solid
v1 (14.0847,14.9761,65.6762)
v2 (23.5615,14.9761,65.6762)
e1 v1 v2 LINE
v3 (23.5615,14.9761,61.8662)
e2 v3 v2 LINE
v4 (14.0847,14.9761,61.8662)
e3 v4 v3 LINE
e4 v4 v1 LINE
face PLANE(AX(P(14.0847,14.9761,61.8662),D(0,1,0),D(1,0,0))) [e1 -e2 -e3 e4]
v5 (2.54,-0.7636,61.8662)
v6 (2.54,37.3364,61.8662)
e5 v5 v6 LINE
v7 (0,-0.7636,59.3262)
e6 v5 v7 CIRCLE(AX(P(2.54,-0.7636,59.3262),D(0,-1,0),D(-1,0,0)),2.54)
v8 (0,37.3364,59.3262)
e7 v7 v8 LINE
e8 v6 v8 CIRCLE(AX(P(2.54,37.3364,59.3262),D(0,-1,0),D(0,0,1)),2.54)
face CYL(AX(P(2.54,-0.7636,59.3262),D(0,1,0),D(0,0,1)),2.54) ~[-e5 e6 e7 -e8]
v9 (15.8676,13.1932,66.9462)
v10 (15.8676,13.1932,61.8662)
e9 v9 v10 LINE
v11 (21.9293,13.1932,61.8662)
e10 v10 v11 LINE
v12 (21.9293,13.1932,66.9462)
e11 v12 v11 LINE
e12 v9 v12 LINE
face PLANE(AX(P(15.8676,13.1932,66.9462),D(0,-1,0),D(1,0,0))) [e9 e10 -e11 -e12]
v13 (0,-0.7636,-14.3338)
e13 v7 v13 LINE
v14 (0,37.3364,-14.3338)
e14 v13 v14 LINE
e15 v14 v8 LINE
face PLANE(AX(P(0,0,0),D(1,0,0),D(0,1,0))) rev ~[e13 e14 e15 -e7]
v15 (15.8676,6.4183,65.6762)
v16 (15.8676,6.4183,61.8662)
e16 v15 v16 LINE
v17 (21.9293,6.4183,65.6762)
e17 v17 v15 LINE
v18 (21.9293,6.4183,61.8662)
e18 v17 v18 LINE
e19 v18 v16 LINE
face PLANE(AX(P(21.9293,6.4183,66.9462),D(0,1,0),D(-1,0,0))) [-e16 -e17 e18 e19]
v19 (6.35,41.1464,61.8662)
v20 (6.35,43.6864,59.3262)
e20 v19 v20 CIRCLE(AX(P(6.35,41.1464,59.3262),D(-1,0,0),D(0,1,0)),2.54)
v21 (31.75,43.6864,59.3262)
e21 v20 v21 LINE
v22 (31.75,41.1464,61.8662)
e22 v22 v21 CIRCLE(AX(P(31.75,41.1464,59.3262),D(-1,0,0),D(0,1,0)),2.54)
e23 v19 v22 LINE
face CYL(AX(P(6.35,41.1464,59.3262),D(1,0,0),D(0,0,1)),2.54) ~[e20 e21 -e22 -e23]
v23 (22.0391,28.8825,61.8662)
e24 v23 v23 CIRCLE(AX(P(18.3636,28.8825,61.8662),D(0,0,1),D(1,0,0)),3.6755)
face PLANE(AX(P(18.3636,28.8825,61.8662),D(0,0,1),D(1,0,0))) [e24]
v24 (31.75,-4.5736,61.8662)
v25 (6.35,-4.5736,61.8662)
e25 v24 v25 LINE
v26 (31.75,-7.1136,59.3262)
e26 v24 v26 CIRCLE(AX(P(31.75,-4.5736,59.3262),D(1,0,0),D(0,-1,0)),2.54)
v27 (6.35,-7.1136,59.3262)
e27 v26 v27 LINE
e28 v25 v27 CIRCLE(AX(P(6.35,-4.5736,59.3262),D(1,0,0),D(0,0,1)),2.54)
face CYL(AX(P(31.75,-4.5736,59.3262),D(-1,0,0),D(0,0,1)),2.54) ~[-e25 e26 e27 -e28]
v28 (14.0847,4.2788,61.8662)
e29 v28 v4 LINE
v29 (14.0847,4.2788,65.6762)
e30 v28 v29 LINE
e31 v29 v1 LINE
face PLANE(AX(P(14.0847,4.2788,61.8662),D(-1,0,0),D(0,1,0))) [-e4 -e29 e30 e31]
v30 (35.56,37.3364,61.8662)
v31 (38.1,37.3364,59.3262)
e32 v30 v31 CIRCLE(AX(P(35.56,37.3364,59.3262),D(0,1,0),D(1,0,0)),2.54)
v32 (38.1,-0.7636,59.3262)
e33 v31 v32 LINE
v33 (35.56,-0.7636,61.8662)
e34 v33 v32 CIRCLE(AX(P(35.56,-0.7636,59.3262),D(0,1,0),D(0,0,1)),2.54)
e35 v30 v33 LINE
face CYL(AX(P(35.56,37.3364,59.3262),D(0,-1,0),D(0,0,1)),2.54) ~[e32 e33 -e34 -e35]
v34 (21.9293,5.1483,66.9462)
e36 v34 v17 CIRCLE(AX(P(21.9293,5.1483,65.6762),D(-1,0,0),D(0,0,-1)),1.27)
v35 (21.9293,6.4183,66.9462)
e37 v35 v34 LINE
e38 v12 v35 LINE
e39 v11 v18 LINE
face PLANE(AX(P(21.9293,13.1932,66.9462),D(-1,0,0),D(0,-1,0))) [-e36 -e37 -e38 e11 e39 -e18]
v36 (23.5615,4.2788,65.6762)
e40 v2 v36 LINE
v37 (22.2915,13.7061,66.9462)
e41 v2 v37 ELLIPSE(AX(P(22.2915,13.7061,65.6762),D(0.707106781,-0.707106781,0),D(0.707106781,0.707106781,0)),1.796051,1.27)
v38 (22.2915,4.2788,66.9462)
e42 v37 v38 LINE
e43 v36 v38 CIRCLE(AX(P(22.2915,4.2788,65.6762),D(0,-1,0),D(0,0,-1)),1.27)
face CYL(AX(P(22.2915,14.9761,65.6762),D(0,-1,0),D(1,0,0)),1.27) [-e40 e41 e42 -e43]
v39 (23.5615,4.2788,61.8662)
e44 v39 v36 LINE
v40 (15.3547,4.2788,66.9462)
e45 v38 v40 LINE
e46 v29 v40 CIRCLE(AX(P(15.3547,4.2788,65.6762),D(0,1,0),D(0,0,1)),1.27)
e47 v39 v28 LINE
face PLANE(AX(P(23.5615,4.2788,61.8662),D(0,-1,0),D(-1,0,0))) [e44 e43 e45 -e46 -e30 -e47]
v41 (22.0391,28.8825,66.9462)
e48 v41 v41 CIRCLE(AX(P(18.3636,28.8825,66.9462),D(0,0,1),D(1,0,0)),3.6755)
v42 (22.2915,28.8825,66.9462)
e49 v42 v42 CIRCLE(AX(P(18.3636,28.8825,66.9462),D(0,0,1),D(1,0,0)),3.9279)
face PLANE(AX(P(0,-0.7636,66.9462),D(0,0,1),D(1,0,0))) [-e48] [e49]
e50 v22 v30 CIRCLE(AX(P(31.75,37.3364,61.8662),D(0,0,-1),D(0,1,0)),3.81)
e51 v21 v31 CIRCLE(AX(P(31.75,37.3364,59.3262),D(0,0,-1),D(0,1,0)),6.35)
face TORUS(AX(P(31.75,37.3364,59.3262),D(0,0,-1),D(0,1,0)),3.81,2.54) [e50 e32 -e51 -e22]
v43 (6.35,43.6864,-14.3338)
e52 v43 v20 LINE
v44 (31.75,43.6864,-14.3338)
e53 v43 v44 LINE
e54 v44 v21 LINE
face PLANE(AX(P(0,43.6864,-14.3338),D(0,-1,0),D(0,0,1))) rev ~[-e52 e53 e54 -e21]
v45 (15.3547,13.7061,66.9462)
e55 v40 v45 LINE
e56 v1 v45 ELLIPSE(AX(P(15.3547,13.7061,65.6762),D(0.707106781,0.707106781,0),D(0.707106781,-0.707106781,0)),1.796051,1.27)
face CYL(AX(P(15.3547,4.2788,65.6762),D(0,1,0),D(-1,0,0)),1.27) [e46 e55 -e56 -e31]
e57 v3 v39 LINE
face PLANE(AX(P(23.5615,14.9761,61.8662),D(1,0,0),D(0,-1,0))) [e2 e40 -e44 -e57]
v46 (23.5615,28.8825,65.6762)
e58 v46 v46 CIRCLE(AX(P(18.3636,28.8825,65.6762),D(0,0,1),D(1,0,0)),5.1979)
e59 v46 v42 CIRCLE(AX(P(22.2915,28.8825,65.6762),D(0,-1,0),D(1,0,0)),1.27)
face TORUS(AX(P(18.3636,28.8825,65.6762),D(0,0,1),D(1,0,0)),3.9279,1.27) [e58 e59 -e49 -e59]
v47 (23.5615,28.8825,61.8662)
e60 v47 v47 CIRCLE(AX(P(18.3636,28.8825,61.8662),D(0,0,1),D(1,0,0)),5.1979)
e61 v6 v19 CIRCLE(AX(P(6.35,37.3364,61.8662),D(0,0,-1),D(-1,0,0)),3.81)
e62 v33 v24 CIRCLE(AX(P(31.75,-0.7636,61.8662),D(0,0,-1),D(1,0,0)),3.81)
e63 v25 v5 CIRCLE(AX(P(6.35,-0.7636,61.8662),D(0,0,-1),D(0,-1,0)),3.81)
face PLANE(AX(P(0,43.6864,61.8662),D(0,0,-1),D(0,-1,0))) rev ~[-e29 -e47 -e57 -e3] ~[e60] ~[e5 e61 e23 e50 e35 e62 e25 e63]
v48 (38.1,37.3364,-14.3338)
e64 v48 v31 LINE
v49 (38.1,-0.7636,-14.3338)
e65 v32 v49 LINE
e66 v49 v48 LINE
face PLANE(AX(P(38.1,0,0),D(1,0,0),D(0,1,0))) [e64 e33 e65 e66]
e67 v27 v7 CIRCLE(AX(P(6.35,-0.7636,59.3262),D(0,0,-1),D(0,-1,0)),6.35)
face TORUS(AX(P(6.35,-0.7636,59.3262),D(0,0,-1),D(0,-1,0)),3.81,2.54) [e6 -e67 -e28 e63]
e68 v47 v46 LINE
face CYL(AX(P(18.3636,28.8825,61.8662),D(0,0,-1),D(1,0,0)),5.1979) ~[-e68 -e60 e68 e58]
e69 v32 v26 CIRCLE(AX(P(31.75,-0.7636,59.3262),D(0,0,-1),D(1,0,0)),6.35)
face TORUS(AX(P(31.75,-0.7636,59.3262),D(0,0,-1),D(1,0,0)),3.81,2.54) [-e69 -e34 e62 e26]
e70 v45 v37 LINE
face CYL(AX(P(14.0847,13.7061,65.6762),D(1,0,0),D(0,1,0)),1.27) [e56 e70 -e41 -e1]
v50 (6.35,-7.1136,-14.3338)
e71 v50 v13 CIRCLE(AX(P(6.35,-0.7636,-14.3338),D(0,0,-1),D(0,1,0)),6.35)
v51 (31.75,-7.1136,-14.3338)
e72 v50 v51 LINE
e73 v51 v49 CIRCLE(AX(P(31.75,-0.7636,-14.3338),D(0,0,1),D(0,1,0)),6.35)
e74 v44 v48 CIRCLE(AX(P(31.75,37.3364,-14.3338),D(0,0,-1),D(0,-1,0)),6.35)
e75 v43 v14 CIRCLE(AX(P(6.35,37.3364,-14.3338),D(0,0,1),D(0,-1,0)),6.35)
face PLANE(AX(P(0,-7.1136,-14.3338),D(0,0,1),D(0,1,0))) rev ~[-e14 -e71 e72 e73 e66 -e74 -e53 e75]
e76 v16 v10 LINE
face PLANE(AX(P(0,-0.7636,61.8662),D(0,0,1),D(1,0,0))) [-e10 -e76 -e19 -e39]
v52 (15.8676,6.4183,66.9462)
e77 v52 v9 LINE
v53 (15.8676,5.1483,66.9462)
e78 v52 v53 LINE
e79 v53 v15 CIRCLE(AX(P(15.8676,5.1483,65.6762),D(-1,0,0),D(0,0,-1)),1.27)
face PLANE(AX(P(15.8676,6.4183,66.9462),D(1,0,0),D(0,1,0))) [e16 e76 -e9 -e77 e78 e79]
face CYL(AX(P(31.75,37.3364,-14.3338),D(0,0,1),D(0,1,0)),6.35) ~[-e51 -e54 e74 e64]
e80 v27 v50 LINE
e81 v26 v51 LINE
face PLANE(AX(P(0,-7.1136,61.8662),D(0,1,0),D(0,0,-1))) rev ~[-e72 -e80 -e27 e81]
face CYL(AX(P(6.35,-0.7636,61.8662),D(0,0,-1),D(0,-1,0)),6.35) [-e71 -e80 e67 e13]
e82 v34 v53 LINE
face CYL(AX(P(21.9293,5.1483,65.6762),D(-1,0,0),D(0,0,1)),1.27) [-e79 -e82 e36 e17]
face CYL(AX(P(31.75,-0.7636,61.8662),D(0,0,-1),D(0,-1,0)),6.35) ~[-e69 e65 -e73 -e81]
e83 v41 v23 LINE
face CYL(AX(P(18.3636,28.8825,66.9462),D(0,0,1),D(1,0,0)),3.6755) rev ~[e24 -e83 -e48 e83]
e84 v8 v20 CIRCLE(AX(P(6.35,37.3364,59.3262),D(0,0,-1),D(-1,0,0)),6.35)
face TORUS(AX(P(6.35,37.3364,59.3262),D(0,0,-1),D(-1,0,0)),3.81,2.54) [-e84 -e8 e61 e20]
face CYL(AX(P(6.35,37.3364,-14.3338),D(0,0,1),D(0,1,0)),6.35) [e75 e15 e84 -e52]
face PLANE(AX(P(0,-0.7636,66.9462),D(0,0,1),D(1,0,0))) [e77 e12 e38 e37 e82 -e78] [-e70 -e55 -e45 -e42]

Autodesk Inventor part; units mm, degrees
ref_plane "YZ Plane" through (0, 0, 0) normal (1, 0, 0) x (0, 1, 0)
ref_plane "XZ Plane" through (0, 0, 0) normal (0, 1, 0) x (-1, 0, 0)
ref_plane "XY Plane" through (0, 0, 0) normal (0, 0, 1) x (1, 0, 0)
sketch "Sketch1" plane through (0, 0, 0) normal (1, 0, 0) x (0, 1, 0)
  line L0 (43.6864, 61.8662) -> (-7.1136, 61.8662)
  line L1 (-7.1136, 61.8662) -> (-7.1136, -14.3338)
  line L2 (-7.1136, -14.3338) -> (43.6864, -14.3338)
  line L3 (43.6864, -14.3338) -> (43.6864, 61.8662)
  point P0 (0, 0)
extrude "Extrusion1" add sketch "Sketch1" along normal blind 38.1
fillet "Fillet1" radius 6.35 4 edges at (38.1, 43.6864, 23.7662) (0, 43.6864, 23.7662) (38.1, -7.1136, 23.7662) (0, -7.1136, 23.7662)
sketch "Sketch2" plane through (0, -0.7636, 61.8662) normal (0, 0, 1) x (1, 0, 0)
  circle A0 centre (18.3636, 29.6461) radius 5.1979
  line L0 (14.0847, 15.7397) -> (23.5615, 15.7397)
  line L1 (23.5615, 15.7397) -> (23.5615, 5.0424)
  line L2 (23.5615, 5.0424) -> (14.0847, 5.0424)
  line L3 (14.0847, 5.0424) -> (14.0847, 15.7397)
  point P0 (0, 0.7636)
extrude "Extrusion2" add sketch "Sketch2" along normal blind 5.08
sketch "Sketch3" plane through (18.3636, 28.8825, 66.9462) normal (0, 0, 1) x (1, 0, 0)
  circle A0 centre (0, 0) radius 3.6755
  point P0 (-18.3636, -28.8825)
extrude "Extrusion3" cut sketch "Sketch3" against normal blind 5.08
sketch "Sketch4" plane through (0, -0.7636, 66.9462) normal (0, 0, 1) x (1, 0, 0)
  line L0 (15.8676, 13.9568) -> (21.9293, 13.9568)
  line L1 (21.9293, 13.9568) -> (21.9293, 7.1819)
  line L2 (21.9293, 7.1819) -> (15.8676, 7.1819)
  line L3 (15.8676, 7.1819) -> (15.8676, 13.9568)
  point P0 (0, 0.7636)
extrude "Extrusion4" cut sketch "Sketch4" against normal blind 5.08
fillet "Fillet2" radius 1.27 4 edges at (18.8231, 14.9761, 66.9462) (23.5615, 9.6275, 66.9462) (18.8984, 6.4183, 66.9462) (14.0847, 9.6275, 66.9462)
fillet "Fillet3" radius 1.27 1 edges at (13.1657, 28.8825, 66.9462)
fillet "Fillet4" radius 2.54 8 edges at (36.2401, 41.8266, 61.8662) (38.1, 18.2864, 61.8662) (36.2401, -5.2537, 61.8662) (19.05, -7.1136, 61.8662) (1.8599, -5.2537, 61.8662) (0, 18.2864, 61.8662) (1.8599, 41.8266, 61.8662) (19.05, 43.6864, 61.8662)
properties part number "Battery1" material "Lead"
